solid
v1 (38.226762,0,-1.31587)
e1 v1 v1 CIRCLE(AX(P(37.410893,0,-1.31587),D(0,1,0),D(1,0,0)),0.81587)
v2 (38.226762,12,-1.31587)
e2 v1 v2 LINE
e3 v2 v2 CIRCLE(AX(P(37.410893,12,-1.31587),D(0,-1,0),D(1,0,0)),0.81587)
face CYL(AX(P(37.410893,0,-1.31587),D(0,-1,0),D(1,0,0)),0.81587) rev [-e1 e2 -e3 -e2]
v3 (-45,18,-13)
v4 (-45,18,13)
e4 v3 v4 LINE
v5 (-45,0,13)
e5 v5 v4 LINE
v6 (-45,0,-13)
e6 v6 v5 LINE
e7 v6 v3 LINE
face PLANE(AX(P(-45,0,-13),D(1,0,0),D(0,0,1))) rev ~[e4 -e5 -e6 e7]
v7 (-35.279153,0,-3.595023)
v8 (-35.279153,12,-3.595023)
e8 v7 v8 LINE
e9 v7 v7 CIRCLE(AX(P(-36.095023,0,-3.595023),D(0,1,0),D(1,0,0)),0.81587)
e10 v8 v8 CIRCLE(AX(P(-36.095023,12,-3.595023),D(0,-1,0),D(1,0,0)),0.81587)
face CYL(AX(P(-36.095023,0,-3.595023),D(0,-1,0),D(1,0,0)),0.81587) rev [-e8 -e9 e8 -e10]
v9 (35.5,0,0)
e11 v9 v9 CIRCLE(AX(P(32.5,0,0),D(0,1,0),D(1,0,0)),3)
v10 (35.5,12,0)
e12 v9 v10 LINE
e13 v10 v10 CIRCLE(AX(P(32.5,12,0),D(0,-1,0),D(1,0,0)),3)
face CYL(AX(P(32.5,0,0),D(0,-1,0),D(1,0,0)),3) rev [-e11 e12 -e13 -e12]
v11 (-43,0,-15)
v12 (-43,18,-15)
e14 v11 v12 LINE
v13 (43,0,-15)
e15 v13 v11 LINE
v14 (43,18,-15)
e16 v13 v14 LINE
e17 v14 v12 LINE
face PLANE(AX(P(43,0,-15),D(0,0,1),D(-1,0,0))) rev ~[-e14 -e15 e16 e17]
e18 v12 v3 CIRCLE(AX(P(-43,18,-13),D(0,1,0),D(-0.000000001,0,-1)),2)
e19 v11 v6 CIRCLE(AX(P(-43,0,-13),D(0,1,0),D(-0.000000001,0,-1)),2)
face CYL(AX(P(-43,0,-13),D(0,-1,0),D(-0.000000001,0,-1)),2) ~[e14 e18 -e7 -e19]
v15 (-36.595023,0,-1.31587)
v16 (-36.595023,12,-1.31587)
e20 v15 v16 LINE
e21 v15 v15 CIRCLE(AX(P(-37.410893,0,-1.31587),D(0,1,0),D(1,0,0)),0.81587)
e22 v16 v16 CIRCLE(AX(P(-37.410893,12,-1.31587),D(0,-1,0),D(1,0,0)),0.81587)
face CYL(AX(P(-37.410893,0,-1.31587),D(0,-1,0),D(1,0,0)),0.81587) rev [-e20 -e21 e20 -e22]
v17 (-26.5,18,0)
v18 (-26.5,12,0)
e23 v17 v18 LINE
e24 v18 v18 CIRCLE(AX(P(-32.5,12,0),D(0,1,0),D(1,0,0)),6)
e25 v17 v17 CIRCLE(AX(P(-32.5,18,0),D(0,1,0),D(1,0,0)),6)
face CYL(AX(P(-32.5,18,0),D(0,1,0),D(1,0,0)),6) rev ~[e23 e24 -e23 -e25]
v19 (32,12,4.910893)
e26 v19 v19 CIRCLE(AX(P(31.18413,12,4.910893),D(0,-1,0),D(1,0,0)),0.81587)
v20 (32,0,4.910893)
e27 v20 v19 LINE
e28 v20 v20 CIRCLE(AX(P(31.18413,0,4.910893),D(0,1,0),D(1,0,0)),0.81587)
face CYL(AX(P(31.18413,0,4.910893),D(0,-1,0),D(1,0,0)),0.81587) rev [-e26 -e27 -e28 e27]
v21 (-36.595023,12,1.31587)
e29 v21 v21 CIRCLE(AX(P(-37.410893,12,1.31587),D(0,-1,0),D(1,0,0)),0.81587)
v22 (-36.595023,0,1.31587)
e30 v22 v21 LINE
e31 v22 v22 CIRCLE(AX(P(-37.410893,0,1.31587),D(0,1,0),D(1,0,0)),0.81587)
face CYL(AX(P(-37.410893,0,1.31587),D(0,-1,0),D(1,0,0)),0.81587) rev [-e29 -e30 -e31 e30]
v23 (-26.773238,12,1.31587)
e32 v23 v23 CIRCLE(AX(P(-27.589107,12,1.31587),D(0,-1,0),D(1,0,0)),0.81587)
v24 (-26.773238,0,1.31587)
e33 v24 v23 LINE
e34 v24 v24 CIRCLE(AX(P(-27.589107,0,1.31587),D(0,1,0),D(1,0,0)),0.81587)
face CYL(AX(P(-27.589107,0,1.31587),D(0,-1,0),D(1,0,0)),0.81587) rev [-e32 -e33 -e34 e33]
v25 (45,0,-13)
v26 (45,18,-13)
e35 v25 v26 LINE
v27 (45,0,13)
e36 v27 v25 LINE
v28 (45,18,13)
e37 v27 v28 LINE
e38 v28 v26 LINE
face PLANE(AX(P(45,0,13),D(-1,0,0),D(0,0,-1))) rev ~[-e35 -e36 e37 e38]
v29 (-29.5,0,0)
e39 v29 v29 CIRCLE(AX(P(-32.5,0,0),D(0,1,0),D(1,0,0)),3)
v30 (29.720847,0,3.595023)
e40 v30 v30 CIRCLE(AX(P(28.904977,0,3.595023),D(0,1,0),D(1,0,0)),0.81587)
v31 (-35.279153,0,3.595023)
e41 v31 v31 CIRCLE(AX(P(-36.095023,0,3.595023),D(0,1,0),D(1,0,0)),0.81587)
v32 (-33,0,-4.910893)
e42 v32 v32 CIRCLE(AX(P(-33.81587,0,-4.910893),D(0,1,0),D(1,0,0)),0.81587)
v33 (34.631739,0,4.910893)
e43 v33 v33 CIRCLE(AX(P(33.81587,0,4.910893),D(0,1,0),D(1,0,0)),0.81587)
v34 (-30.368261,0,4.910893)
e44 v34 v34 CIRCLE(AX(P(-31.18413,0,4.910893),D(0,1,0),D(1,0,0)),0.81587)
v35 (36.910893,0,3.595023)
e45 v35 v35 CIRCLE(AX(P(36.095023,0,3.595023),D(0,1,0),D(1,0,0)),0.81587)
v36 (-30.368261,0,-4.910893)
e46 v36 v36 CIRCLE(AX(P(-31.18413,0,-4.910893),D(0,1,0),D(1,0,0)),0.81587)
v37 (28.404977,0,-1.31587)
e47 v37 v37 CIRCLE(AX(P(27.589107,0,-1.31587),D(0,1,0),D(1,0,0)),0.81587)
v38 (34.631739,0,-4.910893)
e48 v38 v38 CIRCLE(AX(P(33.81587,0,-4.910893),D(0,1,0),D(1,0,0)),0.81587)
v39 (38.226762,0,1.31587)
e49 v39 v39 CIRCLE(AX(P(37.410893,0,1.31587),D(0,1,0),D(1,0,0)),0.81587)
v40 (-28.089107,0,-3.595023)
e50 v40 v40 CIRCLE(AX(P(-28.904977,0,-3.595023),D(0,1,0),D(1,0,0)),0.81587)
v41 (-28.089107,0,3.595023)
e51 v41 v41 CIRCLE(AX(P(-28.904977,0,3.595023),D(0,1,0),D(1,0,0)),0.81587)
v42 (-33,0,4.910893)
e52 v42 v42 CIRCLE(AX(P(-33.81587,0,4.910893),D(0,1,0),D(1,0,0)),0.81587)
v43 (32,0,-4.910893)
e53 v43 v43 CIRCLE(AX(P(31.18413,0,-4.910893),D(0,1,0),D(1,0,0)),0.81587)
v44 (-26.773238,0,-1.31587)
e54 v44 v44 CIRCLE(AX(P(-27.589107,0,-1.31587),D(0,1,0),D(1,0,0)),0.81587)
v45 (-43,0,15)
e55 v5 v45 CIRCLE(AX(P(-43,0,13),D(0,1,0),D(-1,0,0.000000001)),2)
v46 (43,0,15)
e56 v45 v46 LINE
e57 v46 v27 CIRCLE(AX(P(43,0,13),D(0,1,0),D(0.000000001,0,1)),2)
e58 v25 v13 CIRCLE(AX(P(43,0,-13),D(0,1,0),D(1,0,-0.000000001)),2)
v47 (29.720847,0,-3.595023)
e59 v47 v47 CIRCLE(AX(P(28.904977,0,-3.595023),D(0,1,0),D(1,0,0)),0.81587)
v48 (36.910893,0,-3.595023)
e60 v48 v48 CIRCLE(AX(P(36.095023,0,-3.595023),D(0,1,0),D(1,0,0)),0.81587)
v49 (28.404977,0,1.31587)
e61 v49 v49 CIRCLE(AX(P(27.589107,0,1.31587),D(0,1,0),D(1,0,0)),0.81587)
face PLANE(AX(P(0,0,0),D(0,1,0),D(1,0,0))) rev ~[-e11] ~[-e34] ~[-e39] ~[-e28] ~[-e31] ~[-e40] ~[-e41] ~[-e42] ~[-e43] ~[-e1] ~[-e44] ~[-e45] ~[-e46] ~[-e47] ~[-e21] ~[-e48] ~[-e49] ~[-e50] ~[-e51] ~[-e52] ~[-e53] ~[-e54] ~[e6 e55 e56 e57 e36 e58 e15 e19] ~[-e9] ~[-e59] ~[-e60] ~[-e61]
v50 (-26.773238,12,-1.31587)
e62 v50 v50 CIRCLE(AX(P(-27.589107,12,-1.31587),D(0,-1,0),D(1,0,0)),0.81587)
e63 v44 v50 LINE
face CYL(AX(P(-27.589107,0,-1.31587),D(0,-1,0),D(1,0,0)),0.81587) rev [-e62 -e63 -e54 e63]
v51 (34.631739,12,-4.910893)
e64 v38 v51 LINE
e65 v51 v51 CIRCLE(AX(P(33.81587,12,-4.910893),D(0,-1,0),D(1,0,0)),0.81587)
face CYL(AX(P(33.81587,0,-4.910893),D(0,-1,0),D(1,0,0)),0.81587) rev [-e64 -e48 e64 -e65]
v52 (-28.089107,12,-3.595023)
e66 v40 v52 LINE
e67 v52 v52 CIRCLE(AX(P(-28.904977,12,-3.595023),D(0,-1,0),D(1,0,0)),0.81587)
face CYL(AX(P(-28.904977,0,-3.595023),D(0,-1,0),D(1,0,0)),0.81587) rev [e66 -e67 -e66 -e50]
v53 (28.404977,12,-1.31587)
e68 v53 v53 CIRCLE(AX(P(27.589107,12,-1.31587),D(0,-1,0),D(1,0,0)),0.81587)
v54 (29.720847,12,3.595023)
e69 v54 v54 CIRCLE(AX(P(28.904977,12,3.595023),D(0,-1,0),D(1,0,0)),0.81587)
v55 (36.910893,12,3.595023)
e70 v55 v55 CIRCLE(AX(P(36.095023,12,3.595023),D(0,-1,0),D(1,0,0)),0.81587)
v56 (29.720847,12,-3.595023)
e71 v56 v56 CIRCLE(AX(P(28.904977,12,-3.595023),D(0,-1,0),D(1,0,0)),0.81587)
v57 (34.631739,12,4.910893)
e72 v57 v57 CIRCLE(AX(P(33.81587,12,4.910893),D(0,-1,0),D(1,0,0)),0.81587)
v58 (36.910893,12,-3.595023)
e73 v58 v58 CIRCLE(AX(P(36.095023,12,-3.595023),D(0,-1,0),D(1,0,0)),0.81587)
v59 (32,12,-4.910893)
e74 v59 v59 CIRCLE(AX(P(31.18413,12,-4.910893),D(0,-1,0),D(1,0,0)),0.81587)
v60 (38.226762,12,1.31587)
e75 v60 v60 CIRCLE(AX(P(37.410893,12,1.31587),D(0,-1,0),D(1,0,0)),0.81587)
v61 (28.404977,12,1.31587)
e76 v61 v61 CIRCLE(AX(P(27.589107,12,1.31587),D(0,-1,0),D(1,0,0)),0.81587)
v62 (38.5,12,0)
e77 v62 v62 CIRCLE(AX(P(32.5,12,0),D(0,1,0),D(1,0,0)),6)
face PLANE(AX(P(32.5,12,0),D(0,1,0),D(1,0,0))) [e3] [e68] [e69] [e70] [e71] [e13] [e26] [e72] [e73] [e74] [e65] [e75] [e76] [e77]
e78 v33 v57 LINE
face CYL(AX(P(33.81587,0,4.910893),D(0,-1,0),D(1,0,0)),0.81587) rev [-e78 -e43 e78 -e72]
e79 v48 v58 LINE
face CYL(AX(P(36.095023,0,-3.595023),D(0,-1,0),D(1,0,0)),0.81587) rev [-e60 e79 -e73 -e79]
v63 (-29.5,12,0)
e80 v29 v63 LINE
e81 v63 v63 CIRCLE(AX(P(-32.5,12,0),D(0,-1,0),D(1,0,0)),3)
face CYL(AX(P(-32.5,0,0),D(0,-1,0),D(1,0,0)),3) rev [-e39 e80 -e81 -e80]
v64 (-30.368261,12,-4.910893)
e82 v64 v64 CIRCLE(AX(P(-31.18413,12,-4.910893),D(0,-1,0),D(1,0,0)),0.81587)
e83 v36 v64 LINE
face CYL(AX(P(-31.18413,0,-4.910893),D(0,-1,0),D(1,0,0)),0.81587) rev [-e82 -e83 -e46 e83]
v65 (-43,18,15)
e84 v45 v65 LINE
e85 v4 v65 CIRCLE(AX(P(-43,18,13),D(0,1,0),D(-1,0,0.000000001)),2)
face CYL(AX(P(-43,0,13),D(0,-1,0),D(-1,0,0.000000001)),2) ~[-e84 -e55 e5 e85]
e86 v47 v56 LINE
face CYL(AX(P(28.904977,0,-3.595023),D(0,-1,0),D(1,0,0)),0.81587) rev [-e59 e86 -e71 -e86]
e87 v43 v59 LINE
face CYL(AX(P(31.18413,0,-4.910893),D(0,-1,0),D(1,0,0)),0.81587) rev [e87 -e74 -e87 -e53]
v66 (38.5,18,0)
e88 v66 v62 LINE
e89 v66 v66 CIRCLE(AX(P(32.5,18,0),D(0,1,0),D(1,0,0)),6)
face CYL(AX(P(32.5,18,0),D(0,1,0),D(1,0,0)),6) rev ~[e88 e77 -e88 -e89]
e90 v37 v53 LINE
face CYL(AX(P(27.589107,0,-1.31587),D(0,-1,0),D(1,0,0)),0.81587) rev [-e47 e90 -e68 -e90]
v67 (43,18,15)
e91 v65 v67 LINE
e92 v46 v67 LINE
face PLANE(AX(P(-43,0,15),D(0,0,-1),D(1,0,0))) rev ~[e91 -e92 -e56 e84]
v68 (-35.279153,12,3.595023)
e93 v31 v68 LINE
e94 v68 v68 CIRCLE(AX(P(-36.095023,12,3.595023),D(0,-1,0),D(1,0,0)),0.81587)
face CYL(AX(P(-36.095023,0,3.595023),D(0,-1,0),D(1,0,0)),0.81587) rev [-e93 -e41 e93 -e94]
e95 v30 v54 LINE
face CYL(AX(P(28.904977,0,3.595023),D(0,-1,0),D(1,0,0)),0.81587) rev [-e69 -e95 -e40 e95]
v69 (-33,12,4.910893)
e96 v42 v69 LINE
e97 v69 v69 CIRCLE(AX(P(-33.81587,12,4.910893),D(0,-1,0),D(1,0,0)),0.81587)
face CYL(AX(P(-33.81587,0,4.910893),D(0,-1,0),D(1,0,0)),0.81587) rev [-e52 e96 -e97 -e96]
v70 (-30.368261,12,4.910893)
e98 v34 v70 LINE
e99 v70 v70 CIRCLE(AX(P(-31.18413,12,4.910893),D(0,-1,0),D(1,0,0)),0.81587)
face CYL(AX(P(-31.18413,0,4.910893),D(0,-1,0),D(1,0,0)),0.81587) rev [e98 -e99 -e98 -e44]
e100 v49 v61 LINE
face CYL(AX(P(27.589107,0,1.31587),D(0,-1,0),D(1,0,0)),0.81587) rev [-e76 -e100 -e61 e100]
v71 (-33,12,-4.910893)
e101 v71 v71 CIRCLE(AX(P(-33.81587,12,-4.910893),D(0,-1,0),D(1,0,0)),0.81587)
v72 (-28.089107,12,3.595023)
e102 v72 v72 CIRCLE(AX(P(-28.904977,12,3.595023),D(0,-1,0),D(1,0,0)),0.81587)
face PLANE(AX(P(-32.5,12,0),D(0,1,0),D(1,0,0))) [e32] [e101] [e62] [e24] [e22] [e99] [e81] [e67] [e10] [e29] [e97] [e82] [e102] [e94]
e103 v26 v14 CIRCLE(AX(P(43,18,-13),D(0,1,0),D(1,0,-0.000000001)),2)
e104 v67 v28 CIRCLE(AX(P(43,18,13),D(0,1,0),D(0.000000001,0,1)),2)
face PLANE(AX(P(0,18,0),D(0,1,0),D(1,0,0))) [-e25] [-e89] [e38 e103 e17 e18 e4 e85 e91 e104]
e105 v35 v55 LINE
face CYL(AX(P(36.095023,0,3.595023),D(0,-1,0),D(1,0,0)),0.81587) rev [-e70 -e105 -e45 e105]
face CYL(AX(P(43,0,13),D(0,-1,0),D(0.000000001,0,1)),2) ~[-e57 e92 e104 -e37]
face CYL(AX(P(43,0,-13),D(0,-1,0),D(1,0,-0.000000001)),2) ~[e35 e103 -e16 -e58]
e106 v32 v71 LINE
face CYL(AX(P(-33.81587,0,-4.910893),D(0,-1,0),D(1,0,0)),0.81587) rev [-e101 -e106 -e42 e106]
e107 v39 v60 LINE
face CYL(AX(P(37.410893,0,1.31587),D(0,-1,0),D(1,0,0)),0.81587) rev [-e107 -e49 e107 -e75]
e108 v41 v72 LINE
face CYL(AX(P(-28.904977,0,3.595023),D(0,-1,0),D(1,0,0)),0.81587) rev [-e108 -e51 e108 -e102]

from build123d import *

# Parameters (mm, degrees)
SKETCH1_R           = 3
SKETCH1_R_2         = 0.815869739
BOSS_EXTRUDE1_DEPTH = 18
SKETCH2_R           = 6
CUT_EXTRUDE1_DEPTH  = 6


with BuildPart() as part:
    # Sketch1 → Boss-Extrude1 (new body)
    with BuildSketch(Plane(origin=(0, 0, 0), x_dir=(1, 0, 0), z_dir=(0, 1, 0))):
        with BuildLine():
            Line((-45, 13), (-45, -13))
            ThreePointArc((-45, -13), (-44.414213562, -14.414213562), (-43, -15))
            Line((-43, -15), (43, -15))
            ThreePointArc((43, -15), (44.414213562, -14.414213562), (45, -13))
            Line((45, -13), (45, 13))
            ThreePointArc((45, 13), (44.414213562, 14.414213562), (43, 15))
            Line((43, 15), (-43, 15))
            ThreePointArc((-43, 15), (-44.414213562, 14.414213562), (-45, 13))
        make_face()
        with Locations((-32.5, 0)):
            Circle(SKETCH1_R, mode=Mode.SUBTRACT)
        with Locations((32.5, 0)):
            Circle(SKETCH1_R, mode=Mode.SUBTRACT)
        with Locations((-31.184130261, 4.910892723)):
            Circle(SKETCH1_R_2, mode=Mode.SUBTRACT)
        with Locations((-33.815869739, 4.910892723)):
            Circle(SKETCH1_R_2, mode=Mode.SUBTRACT)
        with Locations((-36.095022984, 3.595022984)):
            Circle(SKETCH1_R_2, mode=Mode.SUBTRACT)
        with Locations((-37.410892723, 1.315869739)):
            Circle(SKETCH1_R_2, mode=Mode.SUBTRACT)
        with Locations((-37.410892723, -1.315869739)):
            Circle(SKETCH1_R_2, mode=Mode.SUBTRACT)
        with Locations((-36.095022984, -3.595022984)):
            Circle(SKETCH1_R_2, mode=Mode.SUBTRACT)
        with Locations((-33.815869739, -4.910892723)):
            Circle(SKETCH1_R_2, mode=Mode.SUBTRACT)
        with Locations((-31.184130261, -4.910892723)):
            Circle(SKETCH1_R_2, mode=Mode.SUBTRACT)
        with Locations((-28.904977016, -3.595022984)):
            Circle(SKETCH1_R_2, mode=Mode.SUBTRACT)
        with Locations((-27.589107277, -1.315869739)):
            Circle(SKETCH1_R_2, mode=Mode.SUBTRACT)
        with Locations((-27.589107277, 1.315869739)):
            Circle(SKETCH1_R_2, mode=Mode.SUBTRACT)
        with Locations((-28.904977016, 3.595022984)):
            Circle(SKETCH1_R_2, mode=Mode.SUBTRACT)
        with Locations((31.184130261, 4.910892723)):
            Circle(SKETCH1_R_2, mode=Mode.SUBTRACT)
        with Locations((33.815869739, 4.910892723)):
            Circle(SKETCH1_R_2, mode=Mode.SUBTRACT)
        with Locations((36.095022984, 3.595022984)):
            Circle(SKETCH1_R_2, mode=Mode.SUBTRACT)
        with Locations((37.410892723, 1.315869739)):
            Circle(SKETCH1_R_2, mode=Mode.SUBTRACT)
        with Locations((37.410892723, -1.315869739)):
            Circle(SKETCH1_R_2, mode=Mode.SUBTRACT)
        with Locations((36.095022984, -3.595022984)):
            Circle(SKETCH1_R_2, mode=Mode.SUBTRACT)
        with Locations((33.815869739, -4.910892723)):
            Circle(SKETCH1_R_2, mode=Mode.SUBTRACT)
        with Locations((31.184130261, -4.910892723)):
            Circle(SKETCH1_R_2, mode=Mode.SUBTRACT)
        with Locations((28.904977016, -3.595022984)):
            Circle(SKETCH1_R_2, mode=Mode.SUBTRACT)
        with Locations((27.589107277, -1.315869739)):
            Circle(SKETCH1_R_2, mode=Mode.SUBTRACT)
        with Locations((27.589107277, 1.315869739)):
            Circle(SKETCH1_R_2, mode=Mode.SUBTRACT)
        with Locations((28.904977016, 3.595022984)):
            Circle(SKETCH1_R_2, mode=Mode.SUBTRACT)
    extrude(amount=BOSS_EXTRUDE1_DEPTH)

    # Sketch2 → Cut-Extrude1 (cut)
    with BuildSketch(Plane(origin=(0, 18, 0), x_dir=(1, 0, 0), z_dir=(0, 1, 0))):
        with Locations((32.5, 0)):
            Circle(SKETCH2_R)
        with Locations((-32.5, 0)):
            Circle(SKETCH2_R)
    extrude(amount=-CUT_EXTRUDE1_DEPTH, mode=Mode.SUBTRACT)


solid = part.part
